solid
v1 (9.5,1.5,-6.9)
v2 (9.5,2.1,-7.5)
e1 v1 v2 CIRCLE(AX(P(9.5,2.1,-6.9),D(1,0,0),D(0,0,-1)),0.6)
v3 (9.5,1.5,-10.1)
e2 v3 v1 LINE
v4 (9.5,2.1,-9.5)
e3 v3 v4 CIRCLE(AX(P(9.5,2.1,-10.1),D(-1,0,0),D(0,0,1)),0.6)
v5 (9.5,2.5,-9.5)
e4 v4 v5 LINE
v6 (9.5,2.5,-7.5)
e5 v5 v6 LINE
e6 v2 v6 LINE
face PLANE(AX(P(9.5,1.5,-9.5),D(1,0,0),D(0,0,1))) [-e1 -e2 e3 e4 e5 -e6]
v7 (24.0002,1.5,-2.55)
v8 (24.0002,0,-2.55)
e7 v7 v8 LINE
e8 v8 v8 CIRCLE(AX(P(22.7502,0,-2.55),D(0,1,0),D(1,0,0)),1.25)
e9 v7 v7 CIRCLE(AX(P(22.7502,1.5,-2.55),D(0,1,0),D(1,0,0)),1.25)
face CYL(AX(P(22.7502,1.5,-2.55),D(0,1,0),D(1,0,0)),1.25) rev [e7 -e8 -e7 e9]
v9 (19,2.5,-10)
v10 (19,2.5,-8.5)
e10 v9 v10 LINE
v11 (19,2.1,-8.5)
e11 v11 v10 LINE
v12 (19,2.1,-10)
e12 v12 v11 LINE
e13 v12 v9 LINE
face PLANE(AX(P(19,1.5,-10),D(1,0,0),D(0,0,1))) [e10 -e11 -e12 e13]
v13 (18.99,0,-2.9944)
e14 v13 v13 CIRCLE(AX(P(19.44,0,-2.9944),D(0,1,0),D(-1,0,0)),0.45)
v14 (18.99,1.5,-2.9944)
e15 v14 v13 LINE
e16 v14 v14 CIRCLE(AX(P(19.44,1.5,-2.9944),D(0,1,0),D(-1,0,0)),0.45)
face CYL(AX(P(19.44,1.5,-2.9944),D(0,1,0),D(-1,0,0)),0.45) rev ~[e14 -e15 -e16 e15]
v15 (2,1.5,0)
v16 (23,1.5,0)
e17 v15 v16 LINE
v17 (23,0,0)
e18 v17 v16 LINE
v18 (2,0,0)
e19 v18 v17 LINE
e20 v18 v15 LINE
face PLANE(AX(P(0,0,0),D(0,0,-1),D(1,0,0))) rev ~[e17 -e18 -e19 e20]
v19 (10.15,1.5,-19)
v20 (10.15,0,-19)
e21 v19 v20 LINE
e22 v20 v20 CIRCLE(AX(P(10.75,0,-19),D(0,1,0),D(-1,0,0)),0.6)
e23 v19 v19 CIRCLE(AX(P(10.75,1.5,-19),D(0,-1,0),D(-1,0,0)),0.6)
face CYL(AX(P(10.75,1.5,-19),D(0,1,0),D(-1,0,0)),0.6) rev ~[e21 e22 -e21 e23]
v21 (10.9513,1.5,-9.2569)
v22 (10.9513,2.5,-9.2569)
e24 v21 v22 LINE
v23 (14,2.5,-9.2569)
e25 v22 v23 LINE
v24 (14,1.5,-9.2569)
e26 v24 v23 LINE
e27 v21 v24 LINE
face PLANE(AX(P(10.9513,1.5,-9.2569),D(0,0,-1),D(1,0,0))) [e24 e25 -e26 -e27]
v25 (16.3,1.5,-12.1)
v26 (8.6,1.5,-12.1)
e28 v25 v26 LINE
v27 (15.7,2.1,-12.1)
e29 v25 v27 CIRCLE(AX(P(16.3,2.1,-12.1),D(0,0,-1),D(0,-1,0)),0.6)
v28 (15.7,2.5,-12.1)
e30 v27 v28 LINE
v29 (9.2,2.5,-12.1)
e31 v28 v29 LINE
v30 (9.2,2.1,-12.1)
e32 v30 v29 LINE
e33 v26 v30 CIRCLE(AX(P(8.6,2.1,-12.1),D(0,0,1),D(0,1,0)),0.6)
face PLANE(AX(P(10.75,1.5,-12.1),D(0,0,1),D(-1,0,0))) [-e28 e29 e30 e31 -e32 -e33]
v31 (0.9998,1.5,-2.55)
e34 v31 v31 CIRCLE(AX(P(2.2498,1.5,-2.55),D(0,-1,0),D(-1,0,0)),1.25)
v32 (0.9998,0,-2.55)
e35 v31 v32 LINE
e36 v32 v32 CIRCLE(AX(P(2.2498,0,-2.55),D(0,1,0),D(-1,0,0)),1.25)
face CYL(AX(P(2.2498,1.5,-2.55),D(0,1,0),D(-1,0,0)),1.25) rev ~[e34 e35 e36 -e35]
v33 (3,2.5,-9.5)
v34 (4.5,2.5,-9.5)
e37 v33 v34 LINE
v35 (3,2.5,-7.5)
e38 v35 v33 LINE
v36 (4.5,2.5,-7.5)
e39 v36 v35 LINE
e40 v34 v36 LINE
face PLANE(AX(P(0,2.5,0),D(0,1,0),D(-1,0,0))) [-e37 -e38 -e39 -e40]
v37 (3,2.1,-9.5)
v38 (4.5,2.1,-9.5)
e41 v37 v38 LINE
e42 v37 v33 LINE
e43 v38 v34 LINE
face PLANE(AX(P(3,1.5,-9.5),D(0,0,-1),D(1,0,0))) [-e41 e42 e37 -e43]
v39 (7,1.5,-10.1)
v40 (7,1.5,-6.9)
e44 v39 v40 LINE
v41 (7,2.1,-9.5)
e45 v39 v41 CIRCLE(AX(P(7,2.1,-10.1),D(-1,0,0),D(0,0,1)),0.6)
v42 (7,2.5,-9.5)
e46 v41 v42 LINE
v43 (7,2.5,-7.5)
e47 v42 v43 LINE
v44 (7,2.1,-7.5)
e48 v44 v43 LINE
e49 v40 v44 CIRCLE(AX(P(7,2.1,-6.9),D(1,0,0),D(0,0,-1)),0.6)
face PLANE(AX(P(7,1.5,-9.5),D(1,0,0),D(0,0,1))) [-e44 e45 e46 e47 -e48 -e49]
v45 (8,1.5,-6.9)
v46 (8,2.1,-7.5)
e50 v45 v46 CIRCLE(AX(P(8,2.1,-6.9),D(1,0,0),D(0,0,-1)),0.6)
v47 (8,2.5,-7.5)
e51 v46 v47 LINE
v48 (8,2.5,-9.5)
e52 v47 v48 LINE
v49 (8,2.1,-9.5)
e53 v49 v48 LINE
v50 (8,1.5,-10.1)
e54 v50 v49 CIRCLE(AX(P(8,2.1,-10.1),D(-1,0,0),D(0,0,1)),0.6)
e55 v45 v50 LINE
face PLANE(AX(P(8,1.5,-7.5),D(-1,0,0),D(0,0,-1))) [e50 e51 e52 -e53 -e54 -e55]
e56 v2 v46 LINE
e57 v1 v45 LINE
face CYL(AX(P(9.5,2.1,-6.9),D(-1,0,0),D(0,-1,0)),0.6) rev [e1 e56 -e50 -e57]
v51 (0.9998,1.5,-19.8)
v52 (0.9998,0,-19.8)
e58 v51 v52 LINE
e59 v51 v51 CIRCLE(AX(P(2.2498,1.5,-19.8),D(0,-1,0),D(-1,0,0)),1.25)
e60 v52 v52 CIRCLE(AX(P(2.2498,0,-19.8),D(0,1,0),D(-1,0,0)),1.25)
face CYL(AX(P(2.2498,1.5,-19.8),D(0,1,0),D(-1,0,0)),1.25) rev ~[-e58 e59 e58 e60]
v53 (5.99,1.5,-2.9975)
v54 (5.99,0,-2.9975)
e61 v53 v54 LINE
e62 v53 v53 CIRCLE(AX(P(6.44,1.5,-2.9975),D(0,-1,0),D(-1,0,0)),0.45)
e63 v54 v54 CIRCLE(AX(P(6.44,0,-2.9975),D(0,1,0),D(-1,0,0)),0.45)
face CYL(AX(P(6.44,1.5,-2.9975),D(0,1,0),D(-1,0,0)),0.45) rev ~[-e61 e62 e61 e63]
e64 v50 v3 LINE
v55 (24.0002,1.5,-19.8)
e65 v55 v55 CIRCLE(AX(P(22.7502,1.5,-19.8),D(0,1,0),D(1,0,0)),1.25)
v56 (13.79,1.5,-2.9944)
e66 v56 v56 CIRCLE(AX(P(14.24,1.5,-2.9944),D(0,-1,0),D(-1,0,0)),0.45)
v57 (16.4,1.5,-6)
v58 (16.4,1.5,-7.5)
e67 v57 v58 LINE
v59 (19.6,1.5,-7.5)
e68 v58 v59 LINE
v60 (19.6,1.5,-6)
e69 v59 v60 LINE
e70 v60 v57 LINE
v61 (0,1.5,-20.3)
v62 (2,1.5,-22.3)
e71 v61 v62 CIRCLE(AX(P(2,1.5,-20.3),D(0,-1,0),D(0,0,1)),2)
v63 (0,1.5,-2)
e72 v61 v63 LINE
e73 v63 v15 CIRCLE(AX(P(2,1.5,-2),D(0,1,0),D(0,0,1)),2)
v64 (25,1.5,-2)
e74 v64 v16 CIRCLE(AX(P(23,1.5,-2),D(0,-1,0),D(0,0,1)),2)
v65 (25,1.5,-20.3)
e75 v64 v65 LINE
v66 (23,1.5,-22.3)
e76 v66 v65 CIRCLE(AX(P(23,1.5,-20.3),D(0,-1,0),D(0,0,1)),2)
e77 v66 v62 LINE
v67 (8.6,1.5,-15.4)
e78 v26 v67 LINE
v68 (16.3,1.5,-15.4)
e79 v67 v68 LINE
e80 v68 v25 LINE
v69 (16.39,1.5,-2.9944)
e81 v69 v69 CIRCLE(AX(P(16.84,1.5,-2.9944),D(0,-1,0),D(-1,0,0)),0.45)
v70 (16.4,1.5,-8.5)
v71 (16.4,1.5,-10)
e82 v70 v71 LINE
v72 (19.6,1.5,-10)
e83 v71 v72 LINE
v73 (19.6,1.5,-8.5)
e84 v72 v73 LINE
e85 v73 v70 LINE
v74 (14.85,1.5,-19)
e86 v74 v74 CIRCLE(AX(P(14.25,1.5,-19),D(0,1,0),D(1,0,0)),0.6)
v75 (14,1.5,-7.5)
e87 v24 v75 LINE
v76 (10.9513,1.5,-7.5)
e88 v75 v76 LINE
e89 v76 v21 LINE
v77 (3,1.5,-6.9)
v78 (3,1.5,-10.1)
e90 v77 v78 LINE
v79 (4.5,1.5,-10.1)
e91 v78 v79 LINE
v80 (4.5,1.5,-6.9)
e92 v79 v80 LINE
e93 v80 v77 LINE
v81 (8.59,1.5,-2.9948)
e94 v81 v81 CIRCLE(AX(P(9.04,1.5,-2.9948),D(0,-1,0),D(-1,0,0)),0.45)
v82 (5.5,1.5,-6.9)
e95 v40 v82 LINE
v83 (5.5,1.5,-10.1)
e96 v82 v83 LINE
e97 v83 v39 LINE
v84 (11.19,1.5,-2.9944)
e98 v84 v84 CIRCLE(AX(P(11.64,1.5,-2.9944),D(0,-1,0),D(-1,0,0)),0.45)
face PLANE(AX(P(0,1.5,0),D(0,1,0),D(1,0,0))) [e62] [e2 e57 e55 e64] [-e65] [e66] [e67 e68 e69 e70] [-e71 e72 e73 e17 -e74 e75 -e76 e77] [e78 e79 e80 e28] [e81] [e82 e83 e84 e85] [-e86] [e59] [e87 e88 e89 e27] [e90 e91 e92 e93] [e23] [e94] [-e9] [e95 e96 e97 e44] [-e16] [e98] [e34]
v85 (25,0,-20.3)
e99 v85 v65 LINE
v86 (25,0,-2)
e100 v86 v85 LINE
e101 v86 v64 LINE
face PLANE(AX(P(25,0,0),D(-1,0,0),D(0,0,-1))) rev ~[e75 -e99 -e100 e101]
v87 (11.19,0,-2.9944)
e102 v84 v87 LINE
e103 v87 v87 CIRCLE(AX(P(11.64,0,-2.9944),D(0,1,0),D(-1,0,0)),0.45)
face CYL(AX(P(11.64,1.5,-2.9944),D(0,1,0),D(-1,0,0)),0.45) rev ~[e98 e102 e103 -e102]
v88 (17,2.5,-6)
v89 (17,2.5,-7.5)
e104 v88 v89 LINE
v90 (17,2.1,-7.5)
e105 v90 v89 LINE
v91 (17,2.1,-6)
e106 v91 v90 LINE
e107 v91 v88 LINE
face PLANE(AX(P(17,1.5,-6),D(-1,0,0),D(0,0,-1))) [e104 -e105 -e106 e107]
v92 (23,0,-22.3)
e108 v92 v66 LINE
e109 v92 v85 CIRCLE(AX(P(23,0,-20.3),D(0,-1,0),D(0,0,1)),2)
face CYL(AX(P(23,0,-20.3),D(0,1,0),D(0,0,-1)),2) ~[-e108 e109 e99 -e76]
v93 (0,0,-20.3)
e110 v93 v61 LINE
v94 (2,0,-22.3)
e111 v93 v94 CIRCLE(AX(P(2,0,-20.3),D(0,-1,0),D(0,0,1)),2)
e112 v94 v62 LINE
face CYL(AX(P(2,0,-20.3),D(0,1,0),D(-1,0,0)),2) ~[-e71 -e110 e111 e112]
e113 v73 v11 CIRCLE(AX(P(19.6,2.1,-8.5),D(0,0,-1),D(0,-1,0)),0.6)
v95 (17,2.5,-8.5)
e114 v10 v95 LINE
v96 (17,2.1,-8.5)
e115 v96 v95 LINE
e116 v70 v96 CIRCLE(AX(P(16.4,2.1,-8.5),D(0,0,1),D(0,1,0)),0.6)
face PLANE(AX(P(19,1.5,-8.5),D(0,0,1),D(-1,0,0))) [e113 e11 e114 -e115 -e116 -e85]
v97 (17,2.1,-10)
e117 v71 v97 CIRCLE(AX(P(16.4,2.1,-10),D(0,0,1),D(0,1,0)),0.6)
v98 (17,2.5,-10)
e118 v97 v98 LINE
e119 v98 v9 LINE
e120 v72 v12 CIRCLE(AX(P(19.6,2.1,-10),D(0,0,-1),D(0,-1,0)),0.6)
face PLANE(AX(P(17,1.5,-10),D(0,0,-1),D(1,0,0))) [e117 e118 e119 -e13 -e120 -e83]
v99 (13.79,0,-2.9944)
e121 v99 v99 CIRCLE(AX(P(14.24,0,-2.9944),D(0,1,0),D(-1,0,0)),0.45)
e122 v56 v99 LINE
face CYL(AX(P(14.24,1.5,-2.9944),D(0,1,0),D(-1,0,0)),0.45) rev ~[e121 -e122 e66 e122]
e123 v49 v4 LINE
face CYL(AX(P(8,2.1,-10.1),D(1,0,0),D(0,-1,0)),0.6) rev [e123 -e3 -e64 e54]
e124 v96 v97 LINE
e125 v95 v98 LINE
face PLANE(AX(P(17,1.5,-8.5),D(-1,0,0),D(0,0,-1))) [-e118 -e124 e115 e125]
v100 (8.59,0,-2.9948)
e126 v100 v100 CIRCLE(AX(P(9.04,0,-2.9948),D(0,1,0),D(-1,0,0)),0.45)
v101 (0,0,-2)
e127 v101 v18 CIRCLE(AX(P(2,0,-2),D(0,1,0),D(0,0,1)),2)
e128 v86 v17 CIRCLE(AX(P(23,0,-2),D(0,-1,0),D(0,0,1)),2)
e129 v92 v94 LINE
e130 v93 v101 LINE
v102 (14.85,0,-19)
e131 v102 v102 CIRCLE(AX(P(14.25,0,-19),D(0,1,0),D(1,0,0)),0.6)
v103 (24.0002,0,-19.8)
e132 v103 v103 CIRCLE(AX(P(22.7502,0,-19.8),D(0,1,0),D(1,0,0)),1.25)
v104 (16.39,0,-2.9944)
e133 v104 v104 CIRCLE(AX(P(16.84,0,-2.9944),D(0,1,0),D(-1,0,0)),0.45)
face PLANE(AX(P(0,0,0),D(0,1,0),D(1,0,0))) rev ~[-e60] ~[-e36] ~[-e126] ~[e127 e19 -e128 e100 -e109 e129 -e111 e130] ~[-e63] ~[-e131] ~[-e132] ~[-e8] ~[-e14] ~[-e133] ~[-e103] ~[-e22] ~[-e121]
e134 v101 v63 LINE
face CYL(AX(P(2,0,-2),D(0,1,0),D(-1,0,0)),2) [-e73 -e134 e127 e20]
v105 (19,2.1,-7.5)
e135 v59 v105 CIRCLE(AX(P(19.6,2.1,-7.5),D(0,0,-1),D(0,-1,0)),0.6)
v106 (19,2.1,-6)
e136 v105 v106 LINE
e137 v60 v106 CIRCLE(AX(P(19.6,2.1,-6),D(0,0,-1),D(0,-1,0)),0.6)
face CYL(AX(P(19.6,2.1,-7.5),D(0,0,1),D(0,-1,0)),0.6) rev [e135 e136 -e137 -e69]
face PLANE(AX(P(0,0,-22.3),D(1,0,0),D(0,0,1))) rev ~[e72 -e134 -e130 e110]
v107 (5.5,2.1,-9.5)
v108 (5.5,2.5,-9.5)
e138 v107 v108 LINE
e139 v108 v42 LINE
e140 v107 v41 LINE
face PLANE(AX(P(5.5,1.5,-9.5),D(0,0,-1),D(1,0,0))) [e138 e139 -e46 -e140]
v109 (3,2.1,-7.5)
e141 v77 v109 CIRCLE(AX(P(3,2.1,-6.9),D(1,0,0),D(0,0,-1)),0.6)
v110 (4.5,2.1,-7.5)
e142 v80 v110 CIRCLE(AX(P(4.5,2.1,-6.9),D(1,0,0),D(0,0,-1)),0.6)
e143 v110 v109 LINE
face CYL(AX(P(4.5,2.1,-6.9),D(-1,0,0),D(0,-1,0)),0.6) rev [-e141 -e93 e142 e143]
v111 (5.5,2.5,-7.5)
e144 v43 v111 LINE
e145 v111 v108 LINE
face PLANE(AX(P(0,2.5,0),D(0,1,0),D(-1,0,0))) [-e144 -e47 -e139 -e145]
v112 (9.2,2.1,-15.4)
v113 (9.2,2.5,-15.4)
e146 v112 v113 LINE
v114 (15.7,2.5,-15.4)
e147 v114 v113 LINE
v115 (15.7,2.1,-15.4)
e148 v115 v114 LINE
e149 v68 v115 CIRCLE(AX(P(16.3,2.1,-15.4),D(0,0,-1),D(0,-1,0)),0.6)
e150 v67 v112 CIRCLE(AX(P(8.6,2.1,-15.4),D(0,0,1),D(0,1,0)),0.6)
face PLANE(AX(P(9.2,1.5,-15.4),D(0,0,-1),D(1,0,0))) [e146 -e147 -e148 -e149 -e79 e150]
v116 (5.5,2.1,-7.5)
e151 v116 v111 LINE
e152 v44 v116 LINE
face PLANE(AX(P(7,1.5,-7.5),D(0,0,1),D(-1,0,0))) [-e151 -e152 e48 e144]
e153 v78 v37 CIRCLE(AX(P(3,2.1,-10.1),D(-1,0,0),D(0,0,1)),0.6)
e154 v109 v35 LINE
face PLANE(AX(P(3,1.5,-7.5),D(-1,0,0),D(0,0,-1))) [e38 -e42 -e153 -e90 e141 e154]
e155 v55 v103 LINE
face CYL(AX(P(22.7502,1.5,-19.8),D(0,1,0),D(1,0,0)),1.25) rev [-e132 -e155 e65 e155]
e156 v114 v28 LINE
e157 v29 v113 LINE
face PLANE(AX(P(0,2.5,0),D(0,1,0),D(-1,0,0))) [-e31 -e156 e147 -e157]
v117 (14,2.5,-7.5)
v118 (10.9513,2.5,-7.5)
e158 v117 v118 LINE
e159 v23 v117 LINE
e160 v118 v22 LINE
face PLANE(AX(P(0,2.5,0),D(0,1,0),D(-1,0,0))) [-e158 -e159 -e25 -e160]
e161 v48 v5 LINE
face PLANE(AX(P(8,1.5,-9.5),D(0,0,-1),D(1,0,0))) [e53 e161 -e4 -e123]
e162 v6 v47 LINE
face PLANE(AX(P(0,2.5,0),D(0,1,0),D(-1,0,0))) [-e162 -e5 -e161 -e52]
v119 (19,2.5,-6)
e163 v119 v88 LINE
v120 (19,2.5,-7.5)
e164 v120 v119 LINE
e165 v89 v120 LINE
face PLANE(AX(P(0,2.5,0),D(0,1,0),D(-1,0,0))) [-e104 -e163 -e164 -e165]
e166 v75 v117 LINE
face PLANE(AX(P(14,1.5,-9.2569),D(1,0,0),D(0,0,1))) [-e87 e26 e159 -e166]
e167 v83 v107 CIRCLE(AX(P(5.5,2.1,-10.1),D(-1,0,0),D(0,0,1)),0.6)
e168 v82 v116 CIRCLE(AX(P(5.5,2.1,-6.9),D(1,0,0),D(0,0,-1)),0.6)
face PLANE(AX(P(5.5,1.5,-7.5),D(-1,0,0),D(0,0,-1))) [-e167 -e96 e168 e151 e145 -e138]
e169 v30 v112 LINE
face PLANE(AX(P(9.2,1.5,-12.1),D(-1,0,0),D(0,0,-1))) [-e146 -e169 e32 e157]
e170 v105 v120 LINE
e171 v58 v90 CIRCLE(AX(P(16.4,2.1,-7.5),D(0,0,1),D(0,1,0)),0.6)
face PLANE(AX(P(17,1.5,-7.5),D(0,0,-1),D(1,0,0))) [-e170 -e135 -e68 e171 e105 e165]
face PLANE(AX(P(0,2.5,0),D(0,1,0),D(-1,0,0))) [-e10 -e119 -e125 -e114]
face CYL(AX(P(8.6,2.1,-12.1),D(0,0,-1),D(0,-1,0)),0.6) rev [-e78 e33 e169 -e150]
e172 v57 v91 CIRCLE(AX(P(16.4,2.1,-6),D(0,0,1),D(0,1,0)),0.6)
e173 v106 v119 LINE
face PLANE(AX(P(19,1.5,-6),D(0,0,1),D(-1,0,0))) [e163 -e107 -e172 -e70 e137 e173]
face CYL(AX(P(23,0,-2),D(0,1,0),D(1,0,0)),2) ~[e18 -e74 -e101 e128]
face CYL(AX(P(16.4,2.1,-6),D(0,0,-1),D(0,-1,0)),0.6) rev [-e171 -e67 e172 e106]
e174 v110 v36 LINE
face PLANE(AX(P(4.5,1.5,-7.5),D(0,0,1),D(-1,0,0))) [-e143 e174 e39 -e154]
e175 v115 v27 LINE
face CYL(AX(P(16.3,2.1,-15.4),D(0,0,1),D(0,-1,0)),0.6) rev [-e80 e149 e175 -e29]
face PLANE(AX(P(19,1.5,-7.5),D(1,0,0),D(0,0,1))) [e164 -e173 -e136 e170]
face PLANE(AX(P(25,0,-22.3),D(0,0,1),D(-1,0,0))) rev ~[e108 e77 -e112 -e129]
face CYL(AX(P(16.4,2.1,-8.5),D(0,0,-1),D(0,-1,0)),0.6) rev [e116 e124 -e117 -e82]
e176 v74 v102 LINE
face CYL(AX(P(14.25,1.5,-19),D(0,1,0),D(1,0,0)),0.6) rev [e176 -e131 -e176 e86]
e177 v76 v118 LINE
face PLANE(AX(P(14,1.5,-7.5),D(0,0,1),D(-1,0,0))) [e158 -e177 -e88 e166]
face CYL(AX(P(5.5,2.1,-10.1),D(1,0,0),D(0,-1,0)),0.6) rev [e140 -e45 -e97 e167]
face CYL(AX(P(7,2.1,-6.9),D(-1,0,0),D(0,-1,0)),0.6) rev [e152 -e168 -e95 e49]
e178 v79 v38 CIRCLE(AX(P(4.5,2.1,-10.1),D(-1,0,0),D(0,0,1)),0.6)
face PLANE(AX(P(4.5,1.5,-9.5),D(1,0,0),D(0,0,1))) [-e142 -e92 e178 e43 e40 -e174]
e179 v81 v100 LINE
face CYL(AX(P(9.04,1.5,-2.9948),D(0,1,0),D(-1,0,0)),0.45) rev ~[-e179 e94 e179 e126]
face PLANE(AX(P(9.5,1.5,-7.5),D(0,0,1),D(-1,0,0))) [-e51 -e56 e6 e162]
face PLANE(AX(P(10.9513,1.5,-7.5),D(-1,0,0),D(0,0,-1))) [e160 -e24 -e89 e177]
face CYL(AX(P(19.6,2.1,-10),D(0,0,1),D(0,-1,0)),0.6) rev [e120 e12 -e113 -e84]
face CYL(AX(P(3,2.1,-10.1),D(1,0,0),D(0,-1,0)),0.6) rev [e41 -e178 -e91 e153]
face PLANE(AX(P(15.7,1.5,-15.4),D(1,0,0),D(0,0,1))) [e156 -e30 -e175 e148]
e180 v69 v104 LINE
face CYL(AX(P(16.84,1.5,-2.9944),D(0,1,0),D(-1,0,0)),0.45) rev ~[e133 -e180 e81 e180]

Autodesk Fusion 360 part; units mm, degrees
sketch "Sketch1" plane through (0, 0, 0) normal (0, 1, 0) x (1, 0, 0)
  line L0 (0, 0) -> (25, 0)
  line L1 (25, 0) -> (25, 22.3)
  line L2 (25, 22.3) -> (0, 22.3)
  line L3 (0, 22.3) -> (0, 0)
  dimension "d1" = 25
  dimension "d2" = 22.3
extrude "Extrude1" add sketch "Sketch1" along normal blind 1.5
fillet "Fillet1" radius 2 4 edges at (25, 0.75, 0) (25, 0.75, -22.3) (0, 0.75, -22.3) (0, 0.75, 0)
sketch "Sketch2" plane through (0, 1.5, 0) normal (0, 1, 0) x (-1, 0, 0)
  arc A0 (0, -2) -> (-2, 0) centre (-2, -2) ccw
  line L0 (-2, 0) -> (-23, 0)
  arc A1 (-23, 0) -> (-25, -2) centre (-23, -2) ccw
  line L1 (-25, -2) -> (-25, -20.3)
  arc A2 (-25, -20.3) -> (-23, -22.3) centre (-23, -20.3) ccw
  line L2 (-23, -22.3) -> (-2, -22.3)
  arc A3 (-2, -22.3) -> (0, -20.3) centre (-2, -20.3) ccw
  line L3 (0, -20.3) -> (0, -2)
  line L4 (0, 0) -> (-2.25, 0)
  line L5 (-2.25, 0) -> (-2.2498, -2.55)
  circle A4 centre (-2.2498, -2.55) radius 1.25
  line L6 (-2.2498, -2.55) -> (-2.2499, -1.275)
  line L7 (-2.2498, -2.55) -> (-2.2498, -19.8)
  circle A5 centre (-2.2498, -19.8) radius 1.25
  line L8 (0, 0) -> (-6.5, 0)
  line L9 (-6.5, 0) -> (-6.5, -0.4982)
  circle A6 centre (-6.44, -2.9975) radius 0.45
  line L10 (-6.44, -2.9975) -> (-9.04, -2.9948)
  circle A7 centre (-9.04, -2.9948) radius 0.45
  line L11 (-9.04, -2.9948) -> (-11.64, -2.9944)
  circle A8 centre (-11.64, -2.9944) radius 0.45
  line L12 (0, 0) -> (-10.75, 0)
  line L13 (-10.75, 0) -> (-10.75, -19)
  circle A9 centre (-10.75, -19) radius 0.6
  line L14 (-9.2, -15.4) -> (-15.7, -15.4)
  line L15 (-15.7, -15.4) -> (-15.7, -12.1)
  line L16 (-15.7, -12.1) -> (-9.2, -12.1)
  line L17 (-9.2, -12.1) -> (-9.2, -15.4)
  line L18 (-3, -9.5) -> (-4.5, -9.5)
  line L19 (-4.5, -9.5) -> (-4.5, -7.5)
  line L20 (-4.5, -7.5) -> (-3, -7.5)
  line L21 (-3, -7.5) -> (-3, -9.5)
  line L22 (-5.5, -9.5) -> (-7, -9.5)
  line L23 (-7, -9.5) -> (-7, -7.5)
  line L24 (-7, -7.5) -> (-5.5, -7.5)
  line L25 (-5.5, -7.5) -> (-5.5, -9.5)
  line L26 (-8, -9.5) -> (-9.5, -9.5)
  line L27 (-9.5, -9.5) -> (-9.5, -7.5)
  line L28 (-9.5, -7.5) -> (-8, -7.5)
  line L29 (-8, -7.5) -> (-8, -9.5)
  line L30 (-14, -7.5) -> (-10.9513, -7.5)
  line L31 (-10.9513, -7.5) -> (-10.9513, -9.2569)
  line L32 (-10.9513, -9.2569) -> (-14, -9.2569)
  line L33 (-14, -9.2569) -> (-14, -7.5)
  line L34 (-17, -10) -> (-19, -10)
  line L35 (-19, -10) -> (-19, -8.5)
  line L36 (-19, -8.5) -> (-17, -8.5)
  line L37 (-17, -8.5) -> (-17, -10)
  line L38 (-17, -7.5) -> (-19, -7.5)
  line L39 (-19, -7.5) -> (-19, -6)
  line L40 (-19, -6) -> (-17, -6)
  line L41 (-17, -6) -> (-17, -7.5)
  line L42 (-11.64, -2.9944) -> (-14.24, -2.9944)
  line L43 (-14.24, -2.9944) -> (-16.84, -2.9944)
  line L44 (-16.84, -2.9944) -> (-19.44, -2.9944)
  circle A10 centre (-14.24, -2.9944) radius 0.45
  circle A11 centre (-16.84, -2.9944) radius 0.45
  circle A12 centre (-19.44, -2.9944) radius 0.45
  dimension "d6" = 2.25
  dimension "d7" = 2.55
  dimension "d8" = 2.5
  dimension "d9" = 17.25
  dimension "d10" = 2.5
  dimension "d11" = 6.5
  dimension "d12" = 2.5
  dimension "d13" = 0.9
  dimension "d14" = 6.5
  dimension "d15" = 2.6
  dimension "d16" = 0.9
  dimension "d17" = 2.6
  dimension "d18" = 0.9
  dimension "d22" = 10.75
  dimension "d23" = 19
  dimension "d24" = 1.2
  dimension "d28" = 2.6
  dimension "d29" = 2.6
  dimension "d30" = 2.6
  dimension "d31" = 0.9
  dimension "d32" = 0.9
  dimension "d33" = 0.9
extrude "Extrude2" cut sketch "Sketch2" against normal blind 5 contours A5 | L5 A4 L6 L7 | L5 A4 L6 L7 | A9
ref_plane "WorkPlane1" through (12.5, 0.75, -11.15) normal (-1, 0, 0) x (0, 0, 1)
mirror "Mirror1" about plane through (12.5, 0.75, -11.15) normal (-1, 0, 0) of "Extrude2"
extrude "Extrude3" add sketch "Sketch2" along normal blind 1 contours L13 L14 L16 L17 | L13 L14 L15 L16 | L18 L19 L20 L21 | L22 L23 L24 L25 | L26 L27 L28 L29 | L30 L31 L32 L33 | L34 L35 L36 L37 | L38 L39 L40 L41
fillet "Fillet2" radius 0.6 12 edges at (9.2, 1.5, -13.75) (15.7, 1.5, -13.75) (8.75, 1.5, -7.5) (8.75, 1.5, -9.5) (6.25, 1.5, -7.5) (6.25, 1.5, -9.5) (3.75, 1.5, -9.5) (3.75, 1.5, -7.5) (19, 1.5, -9.25) (17, 1.5, -9.25) (17, 1.5, -6.75) (19, 1.5, -6.75)
extrude "Extrude4" cut sketch "Sketch2" against normal blind 4 contours A6 | L10 A7 L11 | L10 A7 L11 | A12 | L43 L44 A11 | L43 L44 A11 | L42 L43 A10 | L42 L43 A10 | L11 A8 L42 | L11 A8 L42
